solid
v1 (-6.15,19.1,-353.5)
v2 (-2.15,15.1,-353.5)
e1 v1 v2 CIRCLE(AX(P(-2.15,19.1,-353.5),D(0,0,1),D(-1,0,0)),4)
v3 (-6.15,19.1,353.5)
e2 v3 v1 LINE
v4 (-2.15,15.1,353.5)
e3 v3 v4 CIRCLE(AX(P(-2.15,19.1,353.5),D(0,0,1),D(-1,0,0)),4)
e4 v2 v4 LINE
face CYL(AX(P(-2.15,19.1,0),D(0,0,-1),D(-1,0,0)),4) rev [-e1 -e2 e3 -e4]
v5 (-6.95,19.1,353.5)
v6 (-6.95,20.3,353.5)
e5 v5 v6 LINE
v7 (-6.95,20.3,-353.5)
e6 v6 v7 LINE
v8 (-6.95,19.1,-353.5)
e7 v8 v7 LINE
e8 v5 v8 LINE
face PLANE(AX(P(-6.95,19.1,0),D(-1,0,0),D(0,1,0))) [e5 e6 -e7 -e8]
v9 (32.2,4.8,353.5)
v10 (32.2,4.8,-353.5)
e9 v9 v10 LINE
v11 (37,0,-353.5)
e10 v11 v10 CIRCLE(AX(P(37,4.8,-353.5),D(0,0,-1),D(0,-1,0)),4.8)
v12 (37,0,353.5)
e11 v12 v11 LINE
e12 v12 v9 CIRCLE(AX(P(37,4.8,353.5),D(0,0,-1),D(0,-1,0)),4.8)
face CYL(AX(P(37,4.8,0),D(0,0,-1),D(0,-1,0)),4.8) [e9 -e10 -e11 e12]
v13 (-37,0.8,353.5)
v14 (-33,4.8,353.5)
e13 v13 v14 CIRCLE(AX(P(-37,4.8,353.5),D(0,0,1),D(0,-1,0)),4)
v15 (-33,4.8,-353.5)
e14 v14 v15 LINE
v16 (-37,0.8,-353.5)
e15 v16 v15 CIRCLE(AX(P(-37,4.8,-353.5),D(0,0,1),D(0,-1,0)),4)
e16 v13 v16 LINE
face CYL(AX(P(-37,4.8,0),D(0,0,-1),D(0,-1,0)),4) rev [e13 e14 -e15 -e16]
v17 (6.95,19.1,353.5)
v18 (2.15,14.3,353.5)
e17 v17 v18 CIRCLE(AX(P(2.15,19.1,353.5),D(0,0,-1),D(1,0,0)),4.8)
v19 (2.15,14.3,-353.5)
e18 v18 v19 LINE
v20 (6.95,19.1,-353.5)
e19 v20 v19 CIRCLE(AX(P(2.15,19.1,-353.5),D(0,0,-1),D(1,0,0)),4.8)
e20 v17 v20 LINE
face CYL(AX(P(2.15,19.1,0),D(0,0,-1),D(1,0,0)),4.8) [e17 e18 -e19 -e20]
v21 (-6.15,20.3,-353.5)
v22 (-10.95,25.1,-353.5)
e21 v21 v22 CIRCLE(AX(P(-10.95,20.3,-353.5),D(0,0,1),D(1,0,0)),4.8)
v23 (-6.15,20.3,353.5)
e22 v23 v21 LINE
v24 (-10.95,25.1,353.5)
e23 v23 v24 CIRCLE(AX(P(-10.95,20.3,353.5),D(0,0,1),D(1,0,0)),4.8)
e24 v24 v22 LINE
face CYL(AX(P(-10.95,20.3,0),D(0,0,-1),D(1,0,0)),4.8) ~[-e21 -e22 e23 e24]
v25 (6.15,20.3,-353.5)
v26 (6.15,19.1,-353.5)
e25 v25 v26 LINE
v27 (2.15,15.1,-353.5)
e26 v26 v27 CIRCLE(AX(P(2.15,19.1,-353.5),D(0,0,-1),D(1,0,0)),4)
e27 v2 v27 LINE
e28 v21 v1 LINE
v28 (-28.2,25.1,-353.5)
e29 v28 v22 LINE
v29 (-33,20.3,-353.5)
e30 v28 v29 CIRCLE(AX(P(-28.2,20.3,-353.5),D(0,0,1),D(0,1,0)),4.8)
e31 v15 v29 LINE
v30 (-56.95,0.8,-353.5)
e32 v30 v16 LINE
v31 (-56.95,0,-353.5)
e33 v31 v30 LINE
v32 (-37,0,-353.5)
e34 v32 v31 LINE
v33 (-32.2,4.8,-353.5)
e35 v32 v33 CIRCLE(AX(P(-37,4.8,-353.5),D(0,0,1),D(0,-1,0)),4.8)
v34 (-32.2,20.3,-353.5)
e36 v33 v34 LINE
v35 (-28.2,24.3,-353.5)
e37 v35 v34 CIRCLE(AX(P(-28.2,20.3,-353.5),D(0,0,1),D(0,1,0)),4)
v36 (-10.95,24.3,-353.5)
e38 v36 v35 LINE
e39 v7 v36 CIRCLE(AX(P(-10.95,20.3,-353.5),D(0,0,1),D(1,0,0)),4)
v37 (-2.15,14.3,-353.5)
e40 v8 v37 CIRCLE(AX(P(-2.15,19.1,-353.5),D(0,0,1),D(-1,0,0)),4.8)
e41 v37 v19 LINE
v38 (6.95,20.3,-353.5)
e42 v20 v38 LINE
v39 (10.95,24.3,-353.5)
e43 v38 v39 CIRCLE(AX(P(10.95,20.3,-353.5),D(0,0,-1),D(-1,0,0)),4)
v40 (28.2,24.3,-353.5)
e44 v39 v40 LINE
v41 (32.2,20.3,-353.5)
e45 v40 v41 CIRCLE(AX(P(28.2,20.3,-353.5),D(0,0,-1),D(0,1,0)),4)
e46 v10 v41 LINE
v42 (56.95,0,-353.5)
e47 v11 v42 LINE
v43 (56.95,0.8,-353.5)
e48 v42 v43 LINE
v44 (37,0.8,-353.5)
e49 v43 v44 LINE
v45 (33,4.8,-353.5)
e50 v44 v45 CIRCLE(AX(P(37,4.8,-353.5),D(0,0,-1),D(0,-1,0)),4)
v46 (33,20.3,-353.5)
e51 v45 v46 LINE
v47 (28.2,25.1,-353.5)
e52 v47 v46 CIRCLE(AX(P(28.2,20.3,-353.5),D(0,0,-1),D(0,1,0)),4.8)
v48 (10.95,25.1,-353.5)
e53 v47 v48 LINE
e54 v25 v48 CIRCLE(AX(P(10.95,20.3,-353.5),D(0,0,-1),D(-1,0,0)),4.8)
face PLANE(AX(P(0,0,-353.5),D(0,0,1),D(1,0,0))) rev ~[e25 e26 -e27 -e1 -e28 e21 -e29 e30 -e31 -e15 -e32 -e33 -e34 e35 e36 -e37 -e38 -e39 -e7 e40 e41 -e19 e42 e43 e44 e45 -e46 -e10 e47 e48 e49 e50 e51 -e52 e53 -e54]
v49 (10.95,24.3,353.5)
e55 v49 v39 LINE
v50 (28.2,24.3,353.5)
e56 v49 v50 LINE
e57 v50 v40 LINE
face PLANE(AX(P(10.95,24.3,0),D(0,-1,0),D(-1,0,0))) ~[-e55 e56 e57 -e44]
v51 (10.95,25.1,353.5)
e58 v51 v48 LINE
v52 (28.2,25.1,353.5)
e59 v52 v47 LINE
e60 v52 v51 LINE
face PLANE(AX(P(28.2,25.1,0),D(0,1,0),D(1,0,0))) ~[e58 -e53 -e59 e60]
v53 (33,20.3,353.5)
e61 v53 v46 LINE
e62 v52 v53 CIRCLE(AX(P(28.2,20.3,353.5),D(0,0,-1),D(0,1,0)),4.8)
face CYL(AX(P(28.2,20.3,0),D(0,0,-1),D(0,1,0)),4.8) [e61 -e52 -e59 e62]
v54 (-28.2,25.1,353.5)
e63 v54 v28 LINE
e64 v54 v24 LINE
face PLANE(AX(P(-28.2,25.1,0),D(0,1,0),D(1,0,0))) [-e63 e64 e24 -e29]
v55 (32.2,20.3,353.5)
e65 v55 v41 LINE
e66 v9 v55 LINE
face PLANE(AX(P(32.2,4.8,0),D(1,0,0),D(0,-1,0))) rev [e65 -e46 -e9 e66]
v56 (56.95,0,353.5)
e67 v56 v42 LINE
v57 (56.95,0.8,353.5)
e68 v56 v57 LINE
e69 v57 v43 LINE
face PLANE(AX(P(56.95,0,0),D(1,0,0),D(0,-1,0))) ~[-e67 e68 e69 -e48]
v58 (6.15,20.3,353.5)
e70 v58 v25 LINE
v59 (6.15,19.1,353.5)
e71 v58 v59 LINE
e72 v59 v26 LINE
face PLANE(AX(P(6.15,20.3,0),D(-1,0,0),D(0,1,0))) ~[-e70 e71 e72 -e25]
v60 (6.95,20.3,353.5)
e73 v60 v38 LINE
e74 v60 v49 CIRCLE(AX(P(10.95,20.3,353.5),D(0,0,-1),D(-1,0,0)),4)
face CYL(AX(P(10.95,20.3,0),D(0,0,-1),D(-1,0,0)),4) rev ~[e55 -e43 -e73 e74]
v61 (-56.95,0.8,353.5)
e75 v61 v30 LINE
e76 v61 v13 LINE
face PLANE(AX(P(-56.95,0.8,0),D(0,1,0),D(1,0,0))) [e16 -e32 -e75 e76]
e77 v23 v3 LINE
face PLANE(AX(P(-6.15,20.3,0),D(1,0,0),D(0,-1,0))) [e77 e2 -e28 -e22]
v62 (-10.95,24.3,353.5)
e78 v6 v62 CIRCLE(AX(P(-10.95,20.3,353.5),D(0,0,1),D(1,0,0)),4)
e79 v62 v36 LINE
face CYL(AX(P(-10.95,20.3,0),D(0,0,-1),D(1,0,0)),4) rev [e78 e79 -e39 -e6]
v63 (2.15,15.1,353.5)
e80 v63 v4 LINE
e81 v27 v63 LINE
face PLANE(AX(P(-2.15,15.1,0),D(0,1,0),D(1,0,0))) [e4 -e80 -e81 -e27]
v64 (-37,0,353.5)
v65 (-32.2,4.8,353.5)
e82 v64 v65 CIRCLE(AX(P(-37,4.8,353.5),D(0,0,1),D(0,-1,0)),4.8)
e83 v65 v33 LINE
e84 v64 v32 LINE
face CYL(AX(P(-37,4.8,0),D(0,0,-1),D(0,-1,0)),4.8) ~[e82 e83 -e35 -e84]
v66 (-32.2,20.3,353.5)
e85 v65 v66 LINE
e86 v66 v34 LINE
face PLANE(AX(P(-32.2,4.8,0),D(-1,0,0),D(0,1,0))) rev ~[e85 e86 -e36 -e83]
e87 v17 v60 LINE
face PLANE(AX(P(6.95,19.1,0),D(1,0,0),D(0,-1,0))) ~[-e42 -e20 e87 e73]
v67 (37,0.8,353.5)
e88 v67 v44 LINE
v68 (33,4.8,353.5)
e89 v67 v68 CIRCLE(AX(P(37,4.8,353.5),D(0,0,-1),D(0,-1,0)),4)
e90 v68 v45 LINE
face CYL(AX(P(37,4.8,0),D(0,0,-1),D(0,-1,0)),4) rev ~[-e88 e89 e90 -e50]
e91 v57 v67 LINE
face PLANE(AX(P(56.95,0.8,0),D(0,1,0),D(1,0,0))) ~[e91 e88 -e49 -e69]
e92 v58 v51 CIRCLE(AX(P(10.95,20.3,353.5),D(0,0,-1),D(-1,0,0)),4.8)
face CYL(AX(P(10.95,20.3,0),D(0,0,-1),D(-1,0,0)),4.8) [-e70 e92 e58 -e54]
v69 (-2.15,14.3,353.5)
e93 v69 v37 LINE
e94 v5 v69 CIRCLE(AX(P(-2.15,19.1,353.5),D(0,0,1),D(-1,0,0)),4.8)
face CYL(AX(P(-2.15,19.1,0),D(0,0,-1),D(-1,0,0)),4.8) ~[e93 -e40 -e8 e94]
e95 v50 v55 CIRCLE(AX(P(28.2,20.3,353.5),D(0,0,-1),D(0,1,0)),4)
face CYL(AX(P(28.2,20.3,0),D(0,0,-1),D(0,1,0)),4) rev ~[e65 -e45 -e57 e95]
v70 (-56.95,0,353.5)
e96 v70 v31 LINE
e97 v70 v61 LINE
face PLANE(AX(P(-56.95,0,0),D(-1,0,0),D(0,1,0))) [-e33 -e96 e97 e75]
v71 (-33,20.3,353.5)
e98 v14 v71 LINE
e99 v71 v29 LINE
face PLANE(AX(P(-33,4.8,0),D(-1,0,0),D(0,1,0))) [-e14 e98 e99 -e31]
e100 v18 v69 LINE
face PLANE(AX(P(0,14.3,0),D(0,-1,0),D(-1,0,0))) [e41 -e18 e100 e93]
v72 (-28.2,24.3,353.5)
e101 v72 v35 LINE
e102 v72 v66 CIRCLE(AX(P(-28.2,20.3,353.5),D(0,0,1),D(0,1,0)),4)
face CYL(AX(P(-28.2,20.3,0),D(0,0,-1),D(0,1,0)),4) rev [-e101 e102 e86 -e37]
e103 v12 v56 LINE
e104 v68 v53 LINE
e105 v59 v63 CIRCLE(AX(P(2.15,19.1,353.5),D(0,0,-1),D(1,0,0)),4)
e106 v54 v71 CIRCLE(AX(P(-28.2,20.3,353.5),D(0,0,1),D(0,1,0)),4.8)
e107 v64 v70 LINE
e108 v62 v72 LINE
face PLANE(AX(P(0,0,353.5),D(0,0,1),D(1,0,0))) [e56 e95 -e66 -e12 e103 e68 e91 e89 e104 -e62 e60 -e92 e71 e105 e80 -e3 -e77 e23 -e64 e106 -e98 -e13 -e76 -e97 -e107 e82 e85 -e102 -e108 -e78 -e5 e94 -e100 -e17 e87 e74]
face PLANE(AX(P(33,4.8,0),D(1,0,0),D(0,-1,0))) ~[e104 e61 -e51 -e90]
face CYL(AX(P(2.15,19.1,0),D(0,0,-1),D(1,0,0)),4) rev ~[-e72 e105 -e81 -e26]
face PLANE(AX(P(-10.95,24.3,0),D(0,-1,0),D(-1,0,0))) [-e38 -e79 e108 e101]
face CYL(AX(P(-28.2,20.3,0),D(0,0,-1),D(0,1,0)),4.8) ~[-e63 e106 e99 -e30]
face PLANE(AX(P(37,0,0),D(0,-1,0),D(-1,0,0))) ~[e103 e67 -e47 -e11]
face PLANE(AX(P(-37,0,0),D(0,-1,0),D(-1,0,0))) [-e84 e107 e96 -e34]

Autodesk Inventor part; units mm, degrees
ref_plane "YZ Plane" through (0, 0, 0) normal (1, 0, 0) x (0, 1, 0)
ref_plane "XZ Plane" through (0, 0, 0) normal (0, 1, 0) x (-1, 0, 0)
ref_plane "XY Plane" through (0, 0, 0) normal (0, 0, 1) x (1, 0, 0)
sketch "Sketch1" plane through (0, 0, 0) normal (0, 0, 1) x (1, 0, 0)
  line L0 (0, 14.3) -> (0, 15.1)
  line L1 (-6.95, 19.1) -> (-6.95, 20.3)
  line L2 (0, 14.3) -> (-2.15, 14.3)
  line L3 (-32.2, 4.8) -> (-32.2, 20.3)
  line L4 (-10.95, 24.3) -> (-28.2, 24.3)
  line L5 (-37, 0) -> (-56.95, 0)
  arc A0 (-6.95, 19.1) -> (-2.15, 14.3) centre (-2.15, 19.1) ccw
  arc A1 (-37, 0) -> (-32.2, 4.8) centre (-37, 4.8) ccw
  arc A2 (-28.2, 24.3) -> (-32.2, 20.3) centre (-28.2, 20.3) ccw
  arc A3 (-6.95, 20.3) -> (-10.95, 24.3) centre (-10.95, 20.3) ccw
  line L6 (-56.95, 0.8) -> (-37, 0.8)
  arc A4 (-37, 0.8) -> (-33, 4.8) centre (-37, 4.8) ccw
  line L7 (-33, 4.8) -> (-33, 20.3)
  arc A5 (-28.2, 25.1) -> (-33, 20.3) centre (-28.2, 20.3) ccw
  line L8 (-28.2, 25.1) -> (-10.95, 25.1)
  arc A6 (-6.15, 20.3) -> (-10.95, 25.1) centre (-10.95, 20.3) ccw
  line L9 (-6.15, 20.3) -> (-6.15, 19.1)
  arc A7 (-6.15, 19.1) -> (-2.15, 15.1) centre (-2.15, 19.1) ccw
  line L10 (-2.15, 15.1) -> (0, 15.1)
  line L11 (-56.95, 0) -> (-56.95, 0.8)
  point P0 (0, 0)
  dimension "d0" = 6.95
  dimension "d1" = 25.25
  dimension "d2" = 14.3
  dimension "d3" = 10
  dimension "d4" = 4.8
  dimension "d5" = 4
  dimension "d6" = 19.95
  dimension "d7" = 0.8
extrude "Extrusion1" add sketch "Sketch1" along normal mid plane 707
mirror "Mirror1" about plane through (0, 0, 0) normal (1, 0, 0) of "Extrusion1"
properties part number "AAD0001145625"
